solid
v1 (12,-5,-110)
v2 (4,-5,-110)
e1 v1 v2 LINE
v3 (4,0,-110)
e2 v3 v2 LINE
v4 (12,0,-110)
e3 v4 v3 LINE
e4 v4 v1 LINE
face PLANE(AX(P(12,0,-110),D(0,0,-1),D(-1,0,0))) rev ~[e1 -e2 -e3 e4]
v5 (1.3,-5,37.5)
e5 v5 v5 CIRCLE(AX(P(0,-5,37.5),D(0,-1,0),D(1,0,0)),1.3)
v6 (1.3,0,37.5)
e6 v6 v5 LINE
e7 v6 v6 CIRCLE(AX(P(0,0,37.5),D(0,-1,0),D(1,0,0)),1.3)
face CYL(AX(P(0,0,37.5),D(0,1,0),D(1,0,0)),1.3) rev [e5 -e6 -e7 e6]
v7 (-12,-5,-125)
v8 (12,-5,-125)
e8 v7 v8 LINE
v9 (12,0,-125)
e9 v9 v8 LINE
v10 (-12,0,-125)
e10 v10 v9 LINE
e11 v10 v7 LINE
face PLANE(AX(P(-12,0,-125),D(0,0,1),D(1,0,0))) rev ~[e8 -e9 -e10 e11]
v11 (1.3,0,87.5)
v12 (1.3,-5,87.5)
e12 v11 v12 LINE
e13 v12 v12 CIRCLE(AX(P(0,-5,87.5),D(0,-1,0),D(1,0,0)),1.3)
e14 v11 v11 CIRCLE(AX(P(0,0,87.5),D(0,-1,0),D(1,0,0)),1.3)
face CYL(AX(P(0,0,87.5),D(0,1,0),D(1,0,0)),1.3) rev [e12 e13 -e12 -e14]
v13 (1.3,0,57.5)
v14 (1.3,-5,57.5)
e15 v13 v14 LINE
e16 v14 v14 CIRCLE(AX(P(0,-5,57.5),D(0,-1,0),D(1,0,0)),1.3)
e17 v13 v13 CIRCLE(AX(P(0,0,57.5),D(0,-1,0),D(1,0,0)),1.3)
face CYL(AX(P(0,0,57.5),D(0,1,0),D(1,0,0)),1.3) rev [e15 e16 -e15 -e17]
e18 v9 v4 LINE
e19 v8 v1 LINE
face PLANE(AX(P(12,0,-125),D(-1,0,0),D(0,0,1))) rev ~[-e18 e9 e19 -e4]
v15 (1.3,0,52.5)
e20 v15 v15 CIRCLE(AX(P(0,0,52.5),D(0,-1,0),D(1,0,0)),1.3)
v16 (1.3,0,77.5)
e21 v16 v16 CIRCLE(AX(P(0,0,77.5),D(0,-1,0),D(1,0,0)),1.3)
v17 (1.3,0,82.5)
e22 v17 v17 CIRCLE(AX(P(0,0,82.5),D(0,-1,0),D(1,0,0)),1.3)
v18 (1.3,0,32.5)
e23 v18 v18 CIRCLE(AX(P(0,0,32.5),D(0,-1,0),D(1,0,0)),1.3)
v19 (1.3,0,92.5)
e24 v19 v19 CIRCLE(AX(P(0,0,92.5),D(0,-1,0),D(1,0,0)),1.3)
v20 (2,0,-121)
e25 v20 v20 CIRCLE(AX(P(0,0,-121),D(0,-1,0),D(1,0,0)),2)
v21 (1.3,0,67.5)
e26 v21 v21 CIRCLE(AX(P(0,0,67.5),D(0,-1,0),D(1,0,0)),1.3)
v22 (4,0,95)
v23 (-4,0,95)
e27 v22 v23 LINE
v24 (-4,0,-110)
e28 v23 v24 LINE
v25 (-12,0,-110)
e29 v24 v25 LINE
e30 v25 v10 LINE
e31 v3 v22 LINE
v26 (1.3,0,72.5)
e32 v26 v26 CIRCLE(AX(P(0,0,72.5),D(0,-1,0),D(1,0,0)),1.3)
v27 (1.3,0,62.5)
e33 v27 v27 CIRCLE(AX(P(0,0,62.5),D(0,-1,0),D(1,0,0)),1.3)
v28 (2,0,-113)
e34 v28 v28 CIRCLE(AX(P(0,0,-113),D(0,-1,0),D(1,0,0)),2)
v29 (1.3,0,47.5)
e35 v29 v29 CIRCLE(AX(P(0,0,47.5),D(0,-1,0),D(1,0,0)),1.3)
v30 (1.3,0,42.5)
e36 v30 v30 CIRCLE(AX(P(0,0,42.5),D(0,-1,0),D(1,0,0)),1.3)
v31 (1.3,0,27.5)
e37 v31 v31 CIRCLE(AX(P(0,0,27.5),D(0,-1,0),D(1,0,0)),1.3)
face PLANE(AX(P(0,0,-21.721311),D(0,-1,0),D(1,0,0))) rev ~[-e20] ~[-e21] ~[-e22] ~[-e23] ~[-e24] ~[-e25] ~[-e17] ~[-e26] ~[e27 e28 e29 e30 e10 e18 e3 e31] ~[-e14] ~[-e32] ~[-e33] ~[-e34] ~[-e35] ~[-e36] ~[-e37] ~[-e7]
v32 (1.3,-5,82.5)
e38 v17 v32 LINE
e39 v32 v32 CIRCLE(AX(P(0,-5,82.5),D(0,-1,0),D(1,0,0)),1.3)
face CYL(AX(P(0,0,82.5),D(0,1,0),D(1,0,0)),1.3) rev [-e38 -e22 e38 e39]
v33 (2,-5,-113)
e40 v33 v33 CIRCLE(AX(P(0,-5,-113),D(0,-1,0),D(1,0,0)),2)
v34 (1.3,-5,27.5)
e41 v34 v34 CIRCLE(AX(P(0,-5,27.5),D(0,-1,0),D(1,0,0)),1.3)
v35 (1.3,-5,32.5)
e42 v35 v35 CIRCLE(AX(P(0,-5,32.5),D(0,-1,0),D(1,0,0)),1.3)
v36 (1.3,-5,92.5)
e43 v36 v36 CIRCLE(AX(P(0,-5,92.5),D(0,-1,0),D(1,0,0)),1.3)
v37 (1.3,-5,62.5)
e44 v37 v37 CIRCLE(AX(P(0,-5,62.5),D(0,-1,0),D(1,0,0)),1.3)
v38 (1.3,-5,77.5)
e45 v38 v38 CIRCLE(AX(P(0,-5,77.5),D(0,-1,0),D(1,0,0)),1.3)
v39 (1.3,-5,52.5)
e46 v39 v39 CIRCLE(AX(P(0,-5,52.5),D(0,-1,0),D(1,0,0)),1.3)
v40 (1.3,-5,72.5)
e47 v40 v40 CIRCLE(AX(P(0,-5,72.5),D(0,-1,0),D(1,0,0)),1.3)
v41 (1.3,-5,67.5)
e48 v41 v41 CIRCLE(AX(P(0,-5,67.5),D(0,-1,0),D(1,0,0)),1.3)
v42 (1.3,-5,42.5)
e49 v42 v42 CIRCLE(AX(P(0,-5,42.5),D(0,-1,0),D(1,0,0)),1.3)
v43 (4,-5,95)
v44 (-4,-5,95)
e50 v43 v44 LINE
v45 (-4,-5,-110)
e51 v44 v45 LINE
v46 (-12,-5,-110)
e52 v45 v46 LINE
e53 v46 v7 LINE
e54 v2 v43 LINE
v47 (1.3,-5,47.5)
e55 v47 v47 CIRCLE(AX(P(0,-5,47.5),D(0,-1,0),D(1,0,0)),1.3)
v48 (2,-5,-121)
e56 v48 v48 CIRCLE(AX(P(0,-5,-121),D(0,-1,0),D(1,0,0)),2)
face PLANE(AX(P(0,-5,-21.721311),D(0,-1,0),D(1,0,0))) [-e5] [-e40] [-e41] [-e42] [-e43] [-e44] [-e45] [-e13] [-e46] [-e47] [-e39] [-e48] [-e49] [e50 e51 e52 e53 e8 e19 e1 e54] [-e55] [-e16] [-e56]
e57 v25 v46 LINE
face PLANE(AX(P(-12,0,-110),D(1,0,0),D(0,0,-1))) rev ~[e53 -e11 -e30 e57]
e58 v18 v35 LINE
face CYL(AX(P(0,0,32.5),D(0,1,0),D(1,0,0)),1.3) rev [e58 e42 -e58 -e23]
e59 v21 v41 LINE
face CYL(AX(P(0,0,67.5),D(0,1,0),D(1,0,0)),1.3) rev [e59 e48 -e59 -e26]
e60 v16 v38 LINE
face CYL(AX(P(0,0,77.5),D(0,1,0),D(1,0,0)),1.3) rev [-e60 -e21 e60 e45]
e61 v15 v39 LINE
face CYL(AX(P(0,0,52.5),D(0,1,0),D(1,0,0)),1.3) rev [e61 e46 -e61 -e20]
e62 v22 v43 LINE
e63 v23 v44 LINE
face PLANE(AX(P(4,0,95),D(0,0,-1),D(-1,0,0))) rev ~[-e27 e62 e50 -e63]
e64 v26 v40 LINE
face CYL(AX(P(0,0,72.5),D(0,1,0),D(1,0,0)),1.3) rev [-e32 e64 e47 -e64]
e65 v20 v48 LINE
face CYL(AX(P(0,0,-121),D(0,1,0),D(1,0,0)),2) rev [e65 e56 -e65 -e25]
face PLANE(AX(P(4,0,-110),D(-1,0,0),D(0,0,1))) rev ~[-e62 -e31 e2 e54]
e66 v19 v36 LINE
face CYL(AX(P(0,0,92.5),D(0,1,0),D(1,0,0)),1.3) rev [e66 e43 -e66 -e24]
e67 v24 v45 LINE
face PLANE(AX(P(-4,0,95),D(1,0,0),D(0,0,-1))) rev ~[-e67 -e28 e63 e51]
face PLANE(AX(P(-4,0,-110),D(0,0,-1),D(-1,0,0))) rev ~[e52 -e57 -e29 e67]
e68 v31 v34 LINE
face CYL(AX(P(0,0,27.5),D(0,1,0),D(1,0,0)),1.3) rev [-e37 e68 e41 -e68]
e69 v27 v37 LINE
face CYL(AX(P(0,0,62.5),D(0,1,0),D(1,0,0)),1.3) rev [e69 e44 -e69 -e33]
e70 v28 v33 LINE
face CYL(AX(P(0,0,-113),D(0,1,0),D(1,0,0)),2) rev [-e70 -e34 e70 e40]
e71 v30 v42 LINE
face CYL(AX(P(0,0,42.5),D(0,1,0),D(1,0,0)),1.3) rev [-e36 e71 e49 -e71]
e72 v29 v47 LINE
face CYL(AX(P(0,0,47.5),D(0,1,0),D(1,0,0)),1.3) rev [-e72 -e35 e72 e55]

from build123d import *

# Parameters (mm, degrees)
F0_R     = 2
F0_R_2   = 1.3
F1_DEPTH = 5


with BuildPart() as f1:
    # F0 (on Front) → F1 (new body)
    with BuildSketch(Plane.XZ):
        Polygon((-4, -125), (4, -125), (12, -125), (12, -110), (4, -110), (4, 95), (-4, 95), (-4, -110), (-12, -110), (-12, -125), align=None)
        with Locations((0, -121)):
            Circle(F0_R, mode=Mode.SUBTRACT)
        with Locations((0, -113)):
            Circle(F0_R, mode=Mode.SUBTRACT)
        with Locations((0, 27.5)):
            Circle(F0_R_2, mode=Mode.SUBTRACT)
        with Locations((0, 32.5)):
            Circle(F0_R_2, mode=Mode.SUBTRACT)
        with Locations((0, 37.5)):
            Circle(F0_R_2, mode=Mode.SUBTRACT)
        with Locations((0, 42.5)):
            Circle(F0_R_2, mode=Mode.SUBTRACT)
        with Locations((0, 47.5)):
            Circle(F0_R_2, mode=Mode.SUBTRACT)
        with Locations((0, 52.5)):
            Circle(F0_R_2, mode=Mode.SUBTRACT)
        with Locations((0, 57.5)):
            Circle(F0_R_2, mode=Mode.SUBTRACT)
        with Locations((0, 62.5)):
            Circle(F0_R_2, mode=Mode.SUBTRACT)
        with Locations((0, 67.5)):
            Circle(F0_R_2, mode=Mode.SUBTRACT)
        with Locations((0, 72.5)):
            Circle(F0_R_2, mode=Mode.SUBTRACT)
        with Locations((0, 77.5)):
            Circle(F0_R_2, mode=Mode.SUBTRACT)
        with Locations((0, 82.5)):
            Circle(F0_R_2, mode=Mode.SUBTRACT)
        with Locations((0, 87.5)):
            Circle(F0_R_2, mode=Mode.SUBTRACT)
        with Locations((0, 92.5)):
            Circle(F0_R_2, mode=Mode.SUBTRACT)
    extrude(amount=F1_DEPTH)


solid = f1.part
